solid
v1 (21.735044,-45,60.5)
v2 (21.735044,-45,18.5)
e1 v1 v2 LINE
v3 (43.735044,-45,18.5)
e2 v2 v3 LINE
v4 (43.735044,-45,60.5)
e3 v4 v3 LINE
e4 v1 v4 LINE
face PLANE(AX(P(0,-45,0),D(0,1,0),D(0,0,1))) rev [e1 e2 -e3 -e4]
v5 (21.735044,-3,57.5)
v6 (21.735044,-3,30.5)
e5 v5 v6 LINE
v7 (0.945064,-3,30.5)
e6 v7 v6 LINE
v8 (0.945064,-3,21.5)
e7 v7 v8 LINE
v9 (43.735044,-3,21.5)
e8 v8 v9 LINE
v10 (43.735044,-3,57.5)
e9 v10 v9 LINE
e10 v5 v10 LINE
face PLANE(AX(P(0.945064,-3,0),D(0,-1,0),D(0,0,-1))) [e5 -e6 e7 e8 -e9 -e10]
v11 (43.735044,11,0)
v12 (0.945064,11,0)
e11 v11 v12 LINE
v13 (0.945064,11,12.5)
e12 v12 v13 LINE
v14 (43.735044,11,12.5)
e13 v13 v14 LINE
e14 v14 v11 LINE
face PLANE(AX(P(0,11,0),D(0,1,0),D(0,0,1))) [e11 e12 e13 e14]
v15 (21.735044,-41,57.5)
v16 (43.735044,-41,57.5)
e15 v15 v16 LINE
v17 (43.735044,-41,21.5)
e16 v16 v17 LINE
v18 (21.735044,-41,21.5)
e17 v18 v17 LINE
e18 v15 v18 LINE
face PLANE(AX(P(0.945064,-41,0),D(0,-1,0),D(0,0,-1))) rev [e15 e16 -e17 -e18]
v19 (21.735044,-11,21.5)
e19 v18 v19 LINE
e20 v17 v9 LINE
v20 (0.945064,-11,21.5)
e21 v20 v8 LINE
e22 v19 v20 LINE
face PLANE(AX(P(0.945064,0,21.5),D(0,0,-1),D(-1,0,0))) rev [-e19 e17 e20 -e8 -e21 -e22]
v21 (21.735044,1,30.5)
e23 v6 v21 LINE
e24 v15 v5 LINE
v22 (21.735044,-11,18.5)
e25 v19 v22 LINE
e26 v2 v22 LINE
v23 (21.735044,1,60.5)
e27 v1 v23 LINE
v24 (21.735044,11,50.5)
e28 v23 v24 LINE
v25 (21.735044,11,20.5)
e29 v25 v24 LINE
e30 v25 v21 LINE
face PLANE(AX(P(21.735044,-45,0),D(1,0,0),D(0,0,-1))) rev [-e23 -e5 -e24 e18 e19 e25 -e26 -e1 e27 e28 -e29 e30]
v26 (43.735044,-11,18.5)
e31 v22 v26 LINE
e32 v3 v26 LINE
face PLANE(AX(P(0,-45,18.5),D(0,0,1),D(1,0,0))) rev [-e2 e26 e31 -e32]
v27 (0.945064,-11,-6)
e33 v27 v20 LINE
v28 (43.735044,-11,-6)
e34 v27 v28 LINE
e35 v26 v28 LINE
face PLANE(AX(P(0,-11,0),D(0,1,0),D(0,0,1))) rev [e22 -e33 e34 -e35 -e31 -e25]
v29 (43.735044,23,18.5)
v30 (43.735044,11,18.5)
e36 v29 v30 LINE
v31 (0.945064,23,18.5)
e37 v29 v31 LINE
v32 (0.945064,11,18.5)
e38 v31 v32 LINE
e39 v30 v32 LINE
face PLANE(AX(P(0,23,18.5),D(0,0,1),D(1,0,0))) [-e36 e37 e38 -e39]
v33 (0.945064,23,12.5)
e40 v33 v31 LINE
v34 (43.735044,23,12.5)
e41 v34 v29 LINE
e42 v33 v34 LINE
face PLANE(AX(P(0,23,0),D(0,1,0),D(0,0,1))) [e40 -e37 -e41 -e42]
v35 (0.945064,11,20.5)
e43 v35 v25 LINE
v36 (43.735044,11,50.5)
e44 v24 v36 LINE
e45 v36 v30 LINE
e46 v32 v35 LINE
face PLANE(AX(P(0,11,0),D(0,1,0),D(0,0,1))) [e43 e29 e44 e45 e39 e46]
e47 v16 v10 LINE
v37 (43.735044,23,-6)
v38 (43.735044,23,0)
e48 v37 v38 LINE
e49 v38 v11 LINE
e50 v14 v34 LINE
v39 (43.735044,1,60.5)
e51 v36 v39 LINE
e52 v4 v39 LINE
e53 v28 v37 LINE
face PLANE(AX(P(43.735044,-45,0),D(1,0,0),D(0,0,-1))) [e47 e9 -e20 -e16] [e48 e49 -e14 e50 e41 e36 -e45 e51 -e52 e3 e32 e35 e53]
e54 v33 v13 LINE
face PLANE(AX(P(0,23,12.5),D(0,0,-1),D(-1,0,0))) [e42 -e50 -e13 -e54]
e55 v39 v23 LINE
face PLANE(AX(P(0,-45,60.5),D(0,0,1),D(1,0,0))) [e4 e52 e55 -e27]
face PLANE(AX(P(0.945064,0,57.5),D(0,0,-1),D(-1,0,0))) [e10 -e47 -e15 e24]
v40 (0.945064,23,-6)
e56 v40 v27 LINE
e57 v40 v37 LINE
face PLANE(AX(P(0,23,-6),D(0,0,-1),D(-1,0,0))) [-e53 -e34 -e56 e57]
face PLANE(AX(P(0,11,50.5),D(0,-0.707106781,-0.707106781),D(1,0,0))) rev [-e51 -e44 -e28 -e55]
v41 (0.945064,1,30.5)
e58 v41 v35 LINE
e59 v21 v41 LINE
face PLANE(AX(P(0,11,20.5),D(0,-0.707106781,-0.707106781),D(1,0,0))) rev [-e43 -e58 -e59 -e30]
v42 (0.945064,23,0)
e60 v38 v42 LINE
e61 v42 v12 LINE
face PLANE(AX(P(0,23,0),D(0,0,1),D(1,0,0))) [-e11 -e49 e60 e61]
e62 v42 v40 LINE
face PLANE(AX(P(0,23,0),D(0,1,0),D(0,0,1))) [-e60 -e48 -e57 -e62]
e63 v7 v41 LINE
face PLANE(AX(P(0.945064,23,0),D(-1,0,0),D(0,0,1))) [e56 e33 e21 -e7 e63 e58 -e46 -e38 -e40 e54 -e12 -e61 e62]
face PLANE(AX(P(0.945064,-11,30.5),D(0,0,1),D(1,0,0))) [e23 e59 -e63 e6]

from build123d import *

# Parameters (mm, degrees)
BOSS_EXTRUDE2_DEPTH   = 23
SKETCH1_W             = 20.789980378
SKETCH1_H             = 6
BOSS_EXTRUDE2_2_DEPTH = 23
BOSS_EXTRUDE2_3_DEPTH = 23
BOSS_EXTRUDE2_4_DEPTH = 23
SKETCH1_3_W           = 20.789980378
SKETCH1_3_H           = 36.5
BOSS_EXTRUDE3_DEPTH   = 11
BOSS_EXTRUDE5_DEPTH   = 45
SKETCH2_W             = 9
SKETCH2_H             = 8
CUT_EXTRUDE1_DEPTH    = 106.353028551
SKETCH3_W             = 24.5
SKETCH3_H             = 11
BOSS_EXTRUDE6_DEPTH   = 42
BOSS_EXTRUDE7_DEPTH   = 11
CHAMFER2_SIZE         = 10
SKETCH5_W             = 20.789980378
SKETCH5_H             = 34
CUT_EXTRUDE2_DEPTH    = 104.008391914
SKETCH6_W             = 6
SKETCH6_H             = 12
BOSS_EXTRUDE8_DEPTH   = 22


with BuildPart() as part:
    # Sketch1 → Boss-Extrude2 (new body)
    with BuildSketch(Plane(origin=(0, 0, 0), x_dir=(1, 0, 0), z_dir=(0, 1, 0))):
        Polygon((0.945063883, 6), (0.945063883, 0), (1.890127766, 0), (21.735044261, 0), (21.735044261, 6), align=None)
    extrude(amount=BOSS_EXTRUDE2_DEPTH)



with BuildPart() as body_2:
    # Sketch1 → Boss-Extrude2 2 (new body)
    with BuildSketch(Plane(origin=(0, 0, 0), x_dir=(1, 0, 0), z_dir=(0, 1, 0))):
        with Locations((11.340054072, -15.5)):
            Rectangle(SKETCH1_W, SKETCH1_H)
    extrude(amount=BOSS_EXTRUDE2_2_DEPTH)


with BuildPart() as body_3:
    # Sketch1 → Boss-Extrude2 3 (new body)
    with BuildSketch(Plane(origin=(0, 0, 0), x_dir=(1, 0, 0), z_dir=(0, 1, 0))):
        with Locations((54.13003445, -15.5)):
            Rectangle(SKETCH1_W, SKETCH1_H)
    extrude(amount=BOSS_EXTRUDE2_3_DEPTH)


with BuildPart() as body_4:
    # Sketch1 → Boss-Extrude2 4 (new body)
    with BuildSketch(Plane(origin=(0, 0, 0), x_dir=(1, 0, 0), z_dir=(0, 1, 0))):
        with Locations((54.13003445, 3)):
            Rectangle(SKETCH1_W, SKETCH1_H)
    extrude(amount=BOSS_EXTRUDE2_4_DEPTH)


with BuildPart() as part_1:
    add(part.part)

    add(body_2.part)  # Boss-Extrude3 merges body 2
    # Sketch1<3> → Boss-Extrude3 (add)
    with BuildSketch(Plane(origin=(0, 0, 0), x_dir=(1, 0, 0), z_dir=(0, 1, 0))):
        with Locations((11.340054072, -12.25)):
            Rectangle(SKETCH1_3_W, SKETCH1_3_H)
        with Locations((54.13003445, -12.25)):
            Rectangle(SKETCH1_3_W, SKETCH1_3_H)
    extrude(amount=-BOSS_EXTRUDE3_DEPTH)

    # Sketch1<6> → Boss-Extrude5 (add)
    with BuildSketch(Plane(origin=(0, 0, 0), x_dir=(1, 0, 0), z_dir=(0, 1, 0))):
        Polygon((43.735044261, -18.5), (32.735044261, -18.5), (32.735044261, -60.5), (43.735044261, -60.5), (43.735044261, -30.5), align=None)
        Polygon((32.735044261, -18.5), (21.735044261, -18.5), (21.735044261, -30.5), (21.735044261, -60.5), (32.735044261, -60.5), align=None)
    extrude(amount=-BOSS_EXTRUDE5_DEPTH)

    # Sketch2 → Cut-Extrude1 (cut, through all)
    with BuildSketch(Plane(origin=(74.525024639, 0, 0), x_dir=(0, 0, -1), z_dir=(1, 0, 0))):
        Polygon((-30.5, -11), (-30.5, -3), (-41.183889214, -3), (-57.5, -3), (-57.5, -14.989659462), (-57.5, -41), (-21.5, -41), (-21.5, -11), align=None)
        with Locations((-26, -7)):
            Rectangle(SKETCH2_W, SKETCH2_H)
    extrude(amount=-CUT_EXTRUDE1_DEPTH, mode=Mode.SUBTRACT)


    add(body_3.part)  # Boss-Extrude6 merges body 3

    add(body_4.part)  # Boss-Extrude6 merges body 4
    # Sketch3 → Boss-Extrude6 (add)
    with BuildSketch(Plane.ZY.offset(-43.735044261)):
        with Locations((6.25, -5.5)):
            Rectangle(SKETCH3_W, SKETCH3_H)
    extrude(amount=BOSS_EXTRUDE6_DEPTH)

    # Sketch4 → Boss-Extrude7 (add)
    with BuildSketch(Plane(origin=(0, 0, 0), x_dir=(1, 0, 0), z_dir=(0, 1, 0))):
        Polygon((64.525024639, -18.5), (43.735044261, -18.5), (43.735044261, -12.5), (64.525024639, -12.5), (64.525024639, 0), (43.735044261, 0), (43.735044261, 6), (21.735044261, 6), (21.735044261, 0), (0.945063883, 0), (0.945063883, -12.5), (21.735044261, -12.5), (21.735044261, -18.5), (0.945063883, -18.5), (0.945063883, -30.5), (21.735044261, -30.5), (21.735044261, -60.5), (43.735044261, -60.5), (43.735044261, -30.5), (64.525024639, -30.5), align=None)
    extrude(amount=BOSS_EXTRUDE7_DEPTH)

    # Chamfer2
    chamfer2_edges = [part_1.edges().sort_by_distance(p)[0] for p in [
        (11.340054072, 11, 30.5),
        (32.735044261, 11, 60.5),
        (54.13003445, 11, 30.5),
    ]]
    chamfer(chamfer2_edges, length=CHAMFER2_SIZE)

    # Sketch5 → Cut-Extrude2 (cut, through all)
    with BuildSketch(Plane(origin=(0, 0, -6), x_dir=(-1, 0, 0), z_dir=(0, 0, -1))):
        with Locations((-54.13003445, 6)):
            Rectangle(SKETCH5_W, SKETCH5_H)
    extrude(amount=-CUT_EXTRUDE2_DEPTH, mode=Mode.SUBTRACT)

    # Sketch6 → Boss-Extrude8 (add)
    with BuildSketch(Plane(origin=(21.735044261, 0, 0), x_dir=(0, 0, -1), z_dir=(1, 0, 0))):
        with Locations((-15.5, 17)):
            Rectangle(SKETCH6_W, SKETCH6_H)
        with Locations((3, 17)):
            Rectangle(SKETCH6_W, SKETCH6_H)
    extrude(amount=BOSS_EXTRUDE8_DEPTH)


solid = part_1.part
